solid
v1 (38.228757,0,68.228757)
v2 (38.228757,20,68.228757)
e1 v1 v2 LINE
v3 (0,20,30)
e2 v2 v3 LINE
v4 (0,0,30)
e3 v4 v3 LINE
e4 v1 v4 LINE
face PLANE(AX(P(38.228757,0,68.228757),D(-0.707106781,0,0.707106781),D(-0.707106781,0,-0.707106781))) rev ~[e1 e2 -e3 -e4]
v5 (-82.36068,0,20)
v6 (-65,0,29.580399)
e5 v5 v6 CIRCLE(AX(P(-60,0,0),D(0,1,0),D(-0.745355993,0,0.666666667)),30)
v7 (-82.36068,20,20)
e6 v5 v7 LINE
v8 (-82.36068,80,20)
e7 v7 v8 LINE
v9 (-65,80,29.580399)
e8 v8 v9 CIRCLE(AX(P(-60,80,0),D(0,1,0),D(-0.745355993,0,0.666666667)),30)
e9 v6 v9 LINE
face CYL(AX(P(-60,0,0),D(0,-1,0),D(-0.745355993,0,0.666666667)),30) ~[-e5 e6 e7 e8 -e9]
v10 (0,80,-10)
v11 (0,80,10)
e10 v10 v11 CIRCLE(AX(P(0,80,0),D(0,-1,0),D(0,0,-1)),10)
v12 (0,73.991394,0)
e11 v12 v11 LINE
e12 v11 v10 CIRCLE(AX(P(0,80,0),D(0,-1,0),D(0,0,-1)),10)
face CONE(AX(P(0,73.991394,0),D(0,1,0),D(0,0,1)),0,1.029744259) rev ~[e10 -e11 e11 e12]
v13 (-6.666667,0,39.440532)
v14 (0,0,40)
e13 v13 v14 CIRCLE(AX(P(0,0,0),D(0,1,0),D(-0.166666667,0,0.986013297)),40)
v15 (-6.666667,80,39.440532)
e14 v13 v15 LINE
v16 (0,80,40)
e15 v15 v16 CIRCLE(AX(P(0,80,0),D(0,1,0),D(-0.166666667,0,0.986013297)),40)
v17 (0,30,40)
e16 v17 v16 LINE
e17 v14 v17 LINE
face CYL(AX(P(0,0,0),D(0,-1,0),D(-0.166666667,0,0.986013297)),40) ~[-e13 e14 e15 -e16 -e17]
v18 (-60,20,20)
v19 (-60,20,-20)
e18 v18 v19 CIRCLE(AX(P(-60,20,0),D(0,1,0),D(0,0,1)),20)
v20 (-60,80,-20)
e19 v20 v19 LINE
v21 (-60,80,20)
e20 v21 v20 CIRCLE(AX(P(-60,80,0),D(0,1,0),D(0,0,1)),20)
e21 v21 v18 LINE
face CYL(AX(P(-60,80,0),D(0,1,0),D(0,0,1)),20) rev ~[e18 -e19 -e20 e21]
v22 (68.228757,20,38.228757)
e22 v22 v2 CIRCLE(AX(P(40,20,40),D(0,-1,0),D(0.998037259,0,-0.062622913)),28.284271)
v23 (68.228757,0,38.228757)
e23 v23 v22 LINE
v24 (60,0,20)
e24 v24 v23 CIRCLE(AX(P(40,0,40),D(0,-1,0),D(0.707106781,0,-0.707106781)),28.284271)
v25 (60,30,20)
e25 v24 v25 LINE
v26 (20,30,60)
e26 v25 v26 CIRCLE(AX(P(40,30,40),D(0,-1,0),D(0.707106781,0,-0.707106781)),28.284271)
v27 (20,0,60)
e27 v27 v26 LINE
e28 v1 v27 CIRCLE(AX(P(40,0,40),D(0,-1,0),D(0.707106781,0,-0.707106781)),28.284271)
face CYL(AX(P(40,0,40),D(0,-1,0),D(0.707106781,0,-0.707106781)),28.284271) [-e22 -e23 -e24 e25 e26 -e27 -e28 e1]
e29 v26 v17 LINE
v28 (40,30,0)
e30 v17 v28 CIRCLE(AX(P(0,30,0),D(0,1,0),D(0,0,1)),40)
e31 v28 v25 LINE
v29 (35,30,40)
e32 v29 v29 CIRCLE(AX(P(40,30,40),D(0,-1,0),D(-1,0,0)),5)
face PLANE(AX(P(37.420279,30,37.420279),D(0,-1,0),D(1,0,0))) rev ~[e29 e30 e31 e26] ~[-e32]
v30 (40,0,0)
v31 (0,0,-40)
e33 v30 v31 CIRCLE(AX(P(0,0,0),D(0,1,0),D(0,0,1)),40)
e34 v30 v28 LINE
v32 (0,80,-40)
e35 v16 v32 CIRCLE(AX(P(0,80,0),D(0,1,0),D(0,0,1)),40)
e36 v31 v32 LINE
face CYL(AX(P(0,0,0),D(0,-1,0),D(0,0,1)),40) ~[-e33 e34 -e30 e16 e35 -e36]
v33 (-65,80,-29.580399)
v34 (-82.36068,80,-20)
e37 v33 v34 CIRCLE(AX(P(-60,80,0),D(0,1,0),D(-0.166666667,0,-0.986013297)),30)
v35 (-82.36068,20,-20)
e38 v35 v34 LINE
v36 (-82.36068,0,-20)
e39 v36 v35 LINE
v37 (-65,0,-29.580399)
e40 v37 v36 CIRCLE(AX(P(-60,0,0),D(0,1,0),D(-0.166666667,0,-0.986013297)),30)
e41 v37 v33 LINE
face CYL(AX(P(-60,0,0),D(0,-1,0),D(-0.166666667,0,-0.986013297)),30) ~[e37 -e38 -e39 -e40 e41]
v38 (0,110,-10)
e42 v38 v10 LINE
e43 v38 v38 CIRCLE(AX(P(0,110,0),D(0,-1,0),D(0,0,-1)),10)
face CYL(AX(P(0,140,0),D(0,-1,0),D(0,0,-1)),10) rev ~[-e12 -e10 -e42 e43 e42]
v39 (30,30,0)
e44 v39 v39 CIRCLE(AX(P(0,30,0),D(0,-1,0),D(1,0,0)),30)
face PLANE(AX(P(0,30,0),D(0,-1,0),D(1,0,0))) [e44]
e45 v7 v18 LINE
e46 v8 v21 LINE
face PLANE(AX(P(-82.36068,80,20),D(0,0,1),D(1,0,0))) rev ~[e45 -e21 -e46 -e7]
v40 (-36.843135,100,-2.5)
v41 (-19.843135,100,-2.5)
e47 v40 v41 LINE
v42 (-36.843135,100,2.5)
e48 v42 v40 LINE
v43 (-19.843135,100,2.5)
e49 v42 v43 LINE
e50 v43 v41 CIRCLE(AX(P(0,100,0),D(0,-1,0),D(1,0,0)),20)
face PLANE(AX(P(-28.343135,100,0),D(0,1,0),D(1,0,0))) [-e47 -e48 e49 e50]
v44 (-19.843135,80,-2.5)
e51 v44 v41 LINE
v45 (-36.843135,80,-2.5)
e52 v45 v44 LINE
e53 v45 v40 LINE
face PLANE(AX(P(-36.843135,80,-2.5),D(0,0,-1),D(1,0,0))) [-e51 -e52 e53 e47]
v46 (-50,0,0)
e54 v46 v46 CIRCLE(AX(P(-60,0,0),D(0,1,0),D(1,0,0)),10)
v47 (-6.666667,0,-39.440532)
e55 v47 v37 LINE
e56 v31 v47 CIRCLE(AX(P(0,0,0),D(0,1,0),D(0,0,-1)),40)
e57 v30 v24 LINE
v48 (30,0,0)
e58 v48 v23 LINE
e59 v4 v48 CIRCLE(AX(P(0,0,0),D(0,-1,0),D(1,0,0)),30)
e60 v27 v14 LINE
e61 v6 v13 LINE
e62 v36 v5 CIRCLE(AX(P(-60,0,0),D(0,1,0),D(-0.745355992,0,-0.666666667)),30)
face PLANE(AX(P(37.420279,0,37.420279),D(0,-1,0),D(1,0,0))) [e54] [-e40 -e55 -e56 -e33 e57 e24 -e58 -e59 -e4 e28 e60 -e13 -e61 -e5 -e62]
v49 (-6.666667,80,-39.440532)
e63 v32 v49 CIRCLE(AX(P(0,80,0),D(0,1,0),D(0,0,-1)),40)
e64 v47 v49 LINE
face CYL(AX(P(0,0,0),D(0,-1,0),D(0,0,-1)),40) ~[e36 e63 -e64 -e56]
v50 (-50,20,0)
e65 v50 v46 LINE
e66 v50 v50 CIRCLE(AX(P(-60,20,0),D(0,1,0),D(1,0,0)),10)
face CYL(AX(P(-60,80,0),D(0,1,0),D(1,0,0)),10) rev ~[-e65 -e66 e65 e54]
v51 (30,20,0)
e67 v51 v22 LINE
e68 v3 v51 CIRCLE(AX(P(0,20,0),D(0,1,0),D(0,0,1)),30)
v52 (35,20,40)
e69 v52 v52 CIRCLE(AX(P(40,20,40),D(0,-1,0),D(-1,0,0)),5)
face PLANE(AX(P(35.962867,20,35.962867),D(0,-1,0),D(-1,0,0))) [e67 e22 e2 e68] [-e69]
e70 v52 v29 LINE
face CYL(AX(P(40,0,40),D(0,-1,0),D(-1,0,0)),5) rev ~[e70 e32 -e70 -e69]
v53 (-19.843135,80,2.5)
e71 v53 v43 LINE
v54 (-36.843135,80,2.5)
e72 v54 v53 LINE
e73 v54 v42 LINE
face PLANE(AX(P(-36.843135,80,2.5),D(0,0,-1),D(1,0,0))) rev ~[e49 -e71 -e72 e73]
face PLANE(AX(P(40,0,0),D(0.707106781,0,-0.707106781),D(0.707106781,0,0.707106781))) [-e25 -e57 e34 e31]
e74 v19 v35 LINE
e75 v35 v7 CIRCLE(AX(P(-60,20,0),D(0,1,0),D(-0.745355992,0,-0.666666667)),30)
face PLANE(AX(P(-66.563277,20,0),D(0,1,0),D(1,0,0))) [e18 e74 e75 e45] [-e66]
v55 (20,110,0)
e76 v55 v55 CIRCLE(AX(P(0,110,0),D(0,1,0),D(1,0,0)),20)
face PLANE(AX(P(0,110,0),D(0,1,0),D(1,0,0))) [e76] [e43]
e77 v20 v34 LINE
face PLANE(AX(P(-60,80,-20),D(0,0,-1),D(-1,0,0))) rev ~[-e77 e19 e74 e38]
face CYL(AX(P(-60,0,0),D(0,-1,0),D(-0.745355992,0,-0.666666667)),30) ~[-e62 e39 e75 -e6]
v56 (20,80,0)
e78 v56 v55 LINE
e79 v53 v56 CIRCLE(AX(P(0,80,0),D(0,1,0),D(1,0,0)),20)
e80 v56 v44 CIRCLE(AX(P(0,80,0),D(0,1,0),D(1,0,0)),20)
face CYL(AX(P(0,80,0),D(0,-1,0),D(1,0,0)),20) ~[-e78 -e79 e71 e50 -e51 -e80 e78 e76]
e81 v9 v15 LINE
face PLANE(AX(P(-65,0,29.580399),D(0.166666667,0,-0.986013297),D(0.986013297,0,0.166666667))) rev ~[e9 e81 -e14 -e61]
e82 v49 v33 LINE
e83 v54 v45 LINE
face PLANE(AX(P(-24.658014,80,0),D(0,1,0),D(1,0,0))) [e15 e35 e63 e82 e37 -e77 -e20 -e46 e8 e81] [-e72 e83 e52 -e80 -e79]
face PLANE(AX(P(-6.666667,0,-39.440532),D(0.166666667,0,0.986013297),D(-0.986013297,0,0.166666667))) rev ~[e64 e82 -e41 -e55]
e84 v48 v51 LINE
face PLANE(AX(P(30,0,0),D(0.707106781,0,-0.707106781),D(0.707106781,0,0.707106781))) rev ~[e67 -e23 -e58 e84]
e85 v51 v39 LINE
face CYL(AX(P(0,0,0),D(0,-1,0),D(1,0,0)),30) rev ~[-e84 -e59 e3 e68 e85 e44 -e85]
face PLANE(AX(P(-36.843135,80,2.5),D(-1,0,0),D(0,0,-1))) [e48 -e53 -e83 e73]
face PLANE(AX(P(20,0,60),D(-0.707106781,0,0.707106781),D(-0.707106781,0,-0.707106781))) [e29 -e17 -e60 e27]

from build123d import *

# Parameters (mm, degrees)
BOSS_EXTRUDE1_DEPTH        = 80
SKETCH2_R                  = 30
CUT_EXTRUDE1_DEPTH         = 30
SKETCH3_R                  = 20
BOSS_EXTRUDE2_DEPTH        = 30
F_20_0MM_DOWEL_HOLE1_D     = 20
F_20_0MM_DOWEL_HOLE1_DEPTH = 30
F_20_0MM_DOWEL_HOLE1_TIP   = 6.00860619
SKETCH6_R                  = 10
CUT_EXTRUDE2_DEPTH         = 109
SKETCH7_R                  = 10
CUT_EXTRUDE3_DEPTH         = 60
BOSS_EXTRUDE3_DEPTH        = 30
SKETCH11_R                 = 5
CUT_EXTRUDE4_DEPTH         = 30
SKETCH13_R                 = 5
CUT_EXTRUDE5_DEPTH         = 20
SKETCH14_W                 = 17
SKETCH14_H                 = 5
BOSS_EXTRUDE4_DEPTH        = 20


with BuildPart() as part:
    # Sketch1 → Boss-Extrude1 (new body)
    with BuildSketch(Plane(origin=(0, 0, 0), x_dir=(1, 0, 0), z_dir=(0, 1, 0))):
        with BuildLine():
            Line((-6.666666667, 39.440531887), (-65, 29.580398915))
            ThreePointArc((-65, 29.580398915), (-74.494747679, 26.265991124), (-82.360679775, 20))
            ThreePointArc((-82.360679775, 20), (-90, 0), (-82.360679775, -20))
            ThreePointArc((-82.360679775, -20), (-74.494747679, -26.265991124), (-65, -29.580398915))
            Line((-65, -29.580398915), (-6.666666667, -39.440531887))
            ThreePointArc((-6.666666667, -39.440531887), (-3.345050411, -39.859887578), (0, -40))
            ThreePointArc((0, -40), (40, 0), (0, 40))
            ThreePointArc((0, 40), (-3.345050411, 39.859887578), (-6.666666667, 39.440531887))
        make_face()
    extrude(amount=BOSS_EXTRUDE1_DEPTH)

    # Sketch2 → Cut-Extrude1 (cut)
    with BuildSketch(Plane.XZ):
        Circle(SKETCH2_R)
    extrude(amount=-CUT_EXTRUDE1_DEPTH, mode=Mode.SUBTRACT)

    # Sketch3 → Boss-Extrude2 (add)
    with BuildSketch(Plane(origin=(0, 80, 0), x_dir=(1, 0, 0), z_dir=(0, 1, 0))):
        Circle(SKETCH3_R)
    extrude(amount=BOSS_EXTRUDE2_DEPTH)

    # Ø20.0mm Dowel Hole1
    with Locations(Plane.ZX.offset(110)):
        with Locations((0, 0)):
            Hole(F_20_0MM_DOWEL_HOLE1_D / 2, depth=F_20_0MM_DOWEL_HOLE1_DEPTH)
            with Locations((0, 0, -(F_20_0MM_DOWEL_HOLE1_DEPTH + F_20_0MM_DOWEL_HOLE1_TIP / 2))):  # 118° drill point
                Cone(0, F_20_0MM_DOWEL_HOLE1_D / 2, F_20_0MM_DOWEL_HOLE1_TIP, mode=Mode.SUBTRACT)

    # Sketch6 → Cut-Extrude2 (cut)
    with BuildSketch(Plane(origin=(0, 80, 0), x_dir=(1, 0, 0), z_dir=(0, 1, 0))):
        with Locations((-60, 0)):
            Circle(SKETCH6_R)
    extrude(amount=-CUT_EXTRUDE2_DEPTH, mode=Mode.SUBTRACT)

    # Sketch7 → Cut-Extrude3 (cut)
    with BuildSketch(Plane(origin=(0, 80, 0), x_dir=(1, 0, 0), z_dir=(0, 1, 0))):
        with BuildLine():
            ThreePointArc((-60, -20), (-40, 0), (-60, 20))
            Line((-60, 20), (-82.360679775, 20))
            ThreePointArc((-82.360679775, 20), (-90, 0), (-82.360679775, -20))
            Line((-82.360679775, -20), (-60, -20))
        make_face()
        with Locations((-60, 0)):
            Circle(SKETCH7_R, mode=Mode.SUBTRACT)
    extrude(amount=-CUT_EXTRUDE3_DEPTH, mode=Mode.SUBTRACT)

    # Sketch10 → Boss-Extrude3 (add)
    with BuildSketch(Plane.XZ):
        with BuildLine():
            Line((20, 60), (0, 40))
            ThreePointArc((0, 40), (28.284271247, 28.284271247), (40, 0))
            Line((40, 0), (60, 20))
            ThreePointArc((60, 20), (60, 60), (20, 60))
        make_face()
    extrude(amount=-BOSS_EXTRUDE3_DEPTH)

    # Sketch11 → Cut-Extrude4 (cut)
    with BuildSketch(Plane(origin=(0, 0, 0), x_dir=(-1, 0, 0), z_dir=(0, -1, 0))):
        with Locations((-40, -40)):
            Circle(SKETCH11_R)
    extrude(amount=-CUT_EXTRUDE4_DEPTH, mode=Mode.SUBTRACT)

    # Sketch13 → Cut-Extrude5 (cut)
    with BuildSketch(Plane(origin=(0, 0, 0), x_dir=(-1, 0, 0), z_dir=(0, -1, 0))):
        with BuildLine():
            ThreePointArc((-68.228756555, -38.228756555), (-60, -60), (-38.228756555, -68.228756555))
            Line((-38.228756555, -68.228756555), (0, -30))
            ThreePointArc((0, -30), (-21.213203436, -21.213203436), (-30, 0))
            Line((-30, 0), (-68.228756555, -38.228756555))
        make_face()
        with Locations((-40, -40)):
            Circle(SKETCH13_R, mode=Mode.SUBTRACT)
    extrude(amount=-CUT_EXTRUDE5_DEPTH, mode=Mode.SUBTRACT)

    # Sketch14 → Boss-Extrude4 (add)
    with BuildSketch(Plane(origin=(0, 80, 0), x_dir=(1, 0, 0), z_dir=(0, 1, 0))):
        with Locations((-28.343134833, 0)):
            Rectangle(SKETCH14_W, SKETCH14_H)
    extrude(amount=BOSS_EXTRUDE4_DEPTH)


solid = part.part
